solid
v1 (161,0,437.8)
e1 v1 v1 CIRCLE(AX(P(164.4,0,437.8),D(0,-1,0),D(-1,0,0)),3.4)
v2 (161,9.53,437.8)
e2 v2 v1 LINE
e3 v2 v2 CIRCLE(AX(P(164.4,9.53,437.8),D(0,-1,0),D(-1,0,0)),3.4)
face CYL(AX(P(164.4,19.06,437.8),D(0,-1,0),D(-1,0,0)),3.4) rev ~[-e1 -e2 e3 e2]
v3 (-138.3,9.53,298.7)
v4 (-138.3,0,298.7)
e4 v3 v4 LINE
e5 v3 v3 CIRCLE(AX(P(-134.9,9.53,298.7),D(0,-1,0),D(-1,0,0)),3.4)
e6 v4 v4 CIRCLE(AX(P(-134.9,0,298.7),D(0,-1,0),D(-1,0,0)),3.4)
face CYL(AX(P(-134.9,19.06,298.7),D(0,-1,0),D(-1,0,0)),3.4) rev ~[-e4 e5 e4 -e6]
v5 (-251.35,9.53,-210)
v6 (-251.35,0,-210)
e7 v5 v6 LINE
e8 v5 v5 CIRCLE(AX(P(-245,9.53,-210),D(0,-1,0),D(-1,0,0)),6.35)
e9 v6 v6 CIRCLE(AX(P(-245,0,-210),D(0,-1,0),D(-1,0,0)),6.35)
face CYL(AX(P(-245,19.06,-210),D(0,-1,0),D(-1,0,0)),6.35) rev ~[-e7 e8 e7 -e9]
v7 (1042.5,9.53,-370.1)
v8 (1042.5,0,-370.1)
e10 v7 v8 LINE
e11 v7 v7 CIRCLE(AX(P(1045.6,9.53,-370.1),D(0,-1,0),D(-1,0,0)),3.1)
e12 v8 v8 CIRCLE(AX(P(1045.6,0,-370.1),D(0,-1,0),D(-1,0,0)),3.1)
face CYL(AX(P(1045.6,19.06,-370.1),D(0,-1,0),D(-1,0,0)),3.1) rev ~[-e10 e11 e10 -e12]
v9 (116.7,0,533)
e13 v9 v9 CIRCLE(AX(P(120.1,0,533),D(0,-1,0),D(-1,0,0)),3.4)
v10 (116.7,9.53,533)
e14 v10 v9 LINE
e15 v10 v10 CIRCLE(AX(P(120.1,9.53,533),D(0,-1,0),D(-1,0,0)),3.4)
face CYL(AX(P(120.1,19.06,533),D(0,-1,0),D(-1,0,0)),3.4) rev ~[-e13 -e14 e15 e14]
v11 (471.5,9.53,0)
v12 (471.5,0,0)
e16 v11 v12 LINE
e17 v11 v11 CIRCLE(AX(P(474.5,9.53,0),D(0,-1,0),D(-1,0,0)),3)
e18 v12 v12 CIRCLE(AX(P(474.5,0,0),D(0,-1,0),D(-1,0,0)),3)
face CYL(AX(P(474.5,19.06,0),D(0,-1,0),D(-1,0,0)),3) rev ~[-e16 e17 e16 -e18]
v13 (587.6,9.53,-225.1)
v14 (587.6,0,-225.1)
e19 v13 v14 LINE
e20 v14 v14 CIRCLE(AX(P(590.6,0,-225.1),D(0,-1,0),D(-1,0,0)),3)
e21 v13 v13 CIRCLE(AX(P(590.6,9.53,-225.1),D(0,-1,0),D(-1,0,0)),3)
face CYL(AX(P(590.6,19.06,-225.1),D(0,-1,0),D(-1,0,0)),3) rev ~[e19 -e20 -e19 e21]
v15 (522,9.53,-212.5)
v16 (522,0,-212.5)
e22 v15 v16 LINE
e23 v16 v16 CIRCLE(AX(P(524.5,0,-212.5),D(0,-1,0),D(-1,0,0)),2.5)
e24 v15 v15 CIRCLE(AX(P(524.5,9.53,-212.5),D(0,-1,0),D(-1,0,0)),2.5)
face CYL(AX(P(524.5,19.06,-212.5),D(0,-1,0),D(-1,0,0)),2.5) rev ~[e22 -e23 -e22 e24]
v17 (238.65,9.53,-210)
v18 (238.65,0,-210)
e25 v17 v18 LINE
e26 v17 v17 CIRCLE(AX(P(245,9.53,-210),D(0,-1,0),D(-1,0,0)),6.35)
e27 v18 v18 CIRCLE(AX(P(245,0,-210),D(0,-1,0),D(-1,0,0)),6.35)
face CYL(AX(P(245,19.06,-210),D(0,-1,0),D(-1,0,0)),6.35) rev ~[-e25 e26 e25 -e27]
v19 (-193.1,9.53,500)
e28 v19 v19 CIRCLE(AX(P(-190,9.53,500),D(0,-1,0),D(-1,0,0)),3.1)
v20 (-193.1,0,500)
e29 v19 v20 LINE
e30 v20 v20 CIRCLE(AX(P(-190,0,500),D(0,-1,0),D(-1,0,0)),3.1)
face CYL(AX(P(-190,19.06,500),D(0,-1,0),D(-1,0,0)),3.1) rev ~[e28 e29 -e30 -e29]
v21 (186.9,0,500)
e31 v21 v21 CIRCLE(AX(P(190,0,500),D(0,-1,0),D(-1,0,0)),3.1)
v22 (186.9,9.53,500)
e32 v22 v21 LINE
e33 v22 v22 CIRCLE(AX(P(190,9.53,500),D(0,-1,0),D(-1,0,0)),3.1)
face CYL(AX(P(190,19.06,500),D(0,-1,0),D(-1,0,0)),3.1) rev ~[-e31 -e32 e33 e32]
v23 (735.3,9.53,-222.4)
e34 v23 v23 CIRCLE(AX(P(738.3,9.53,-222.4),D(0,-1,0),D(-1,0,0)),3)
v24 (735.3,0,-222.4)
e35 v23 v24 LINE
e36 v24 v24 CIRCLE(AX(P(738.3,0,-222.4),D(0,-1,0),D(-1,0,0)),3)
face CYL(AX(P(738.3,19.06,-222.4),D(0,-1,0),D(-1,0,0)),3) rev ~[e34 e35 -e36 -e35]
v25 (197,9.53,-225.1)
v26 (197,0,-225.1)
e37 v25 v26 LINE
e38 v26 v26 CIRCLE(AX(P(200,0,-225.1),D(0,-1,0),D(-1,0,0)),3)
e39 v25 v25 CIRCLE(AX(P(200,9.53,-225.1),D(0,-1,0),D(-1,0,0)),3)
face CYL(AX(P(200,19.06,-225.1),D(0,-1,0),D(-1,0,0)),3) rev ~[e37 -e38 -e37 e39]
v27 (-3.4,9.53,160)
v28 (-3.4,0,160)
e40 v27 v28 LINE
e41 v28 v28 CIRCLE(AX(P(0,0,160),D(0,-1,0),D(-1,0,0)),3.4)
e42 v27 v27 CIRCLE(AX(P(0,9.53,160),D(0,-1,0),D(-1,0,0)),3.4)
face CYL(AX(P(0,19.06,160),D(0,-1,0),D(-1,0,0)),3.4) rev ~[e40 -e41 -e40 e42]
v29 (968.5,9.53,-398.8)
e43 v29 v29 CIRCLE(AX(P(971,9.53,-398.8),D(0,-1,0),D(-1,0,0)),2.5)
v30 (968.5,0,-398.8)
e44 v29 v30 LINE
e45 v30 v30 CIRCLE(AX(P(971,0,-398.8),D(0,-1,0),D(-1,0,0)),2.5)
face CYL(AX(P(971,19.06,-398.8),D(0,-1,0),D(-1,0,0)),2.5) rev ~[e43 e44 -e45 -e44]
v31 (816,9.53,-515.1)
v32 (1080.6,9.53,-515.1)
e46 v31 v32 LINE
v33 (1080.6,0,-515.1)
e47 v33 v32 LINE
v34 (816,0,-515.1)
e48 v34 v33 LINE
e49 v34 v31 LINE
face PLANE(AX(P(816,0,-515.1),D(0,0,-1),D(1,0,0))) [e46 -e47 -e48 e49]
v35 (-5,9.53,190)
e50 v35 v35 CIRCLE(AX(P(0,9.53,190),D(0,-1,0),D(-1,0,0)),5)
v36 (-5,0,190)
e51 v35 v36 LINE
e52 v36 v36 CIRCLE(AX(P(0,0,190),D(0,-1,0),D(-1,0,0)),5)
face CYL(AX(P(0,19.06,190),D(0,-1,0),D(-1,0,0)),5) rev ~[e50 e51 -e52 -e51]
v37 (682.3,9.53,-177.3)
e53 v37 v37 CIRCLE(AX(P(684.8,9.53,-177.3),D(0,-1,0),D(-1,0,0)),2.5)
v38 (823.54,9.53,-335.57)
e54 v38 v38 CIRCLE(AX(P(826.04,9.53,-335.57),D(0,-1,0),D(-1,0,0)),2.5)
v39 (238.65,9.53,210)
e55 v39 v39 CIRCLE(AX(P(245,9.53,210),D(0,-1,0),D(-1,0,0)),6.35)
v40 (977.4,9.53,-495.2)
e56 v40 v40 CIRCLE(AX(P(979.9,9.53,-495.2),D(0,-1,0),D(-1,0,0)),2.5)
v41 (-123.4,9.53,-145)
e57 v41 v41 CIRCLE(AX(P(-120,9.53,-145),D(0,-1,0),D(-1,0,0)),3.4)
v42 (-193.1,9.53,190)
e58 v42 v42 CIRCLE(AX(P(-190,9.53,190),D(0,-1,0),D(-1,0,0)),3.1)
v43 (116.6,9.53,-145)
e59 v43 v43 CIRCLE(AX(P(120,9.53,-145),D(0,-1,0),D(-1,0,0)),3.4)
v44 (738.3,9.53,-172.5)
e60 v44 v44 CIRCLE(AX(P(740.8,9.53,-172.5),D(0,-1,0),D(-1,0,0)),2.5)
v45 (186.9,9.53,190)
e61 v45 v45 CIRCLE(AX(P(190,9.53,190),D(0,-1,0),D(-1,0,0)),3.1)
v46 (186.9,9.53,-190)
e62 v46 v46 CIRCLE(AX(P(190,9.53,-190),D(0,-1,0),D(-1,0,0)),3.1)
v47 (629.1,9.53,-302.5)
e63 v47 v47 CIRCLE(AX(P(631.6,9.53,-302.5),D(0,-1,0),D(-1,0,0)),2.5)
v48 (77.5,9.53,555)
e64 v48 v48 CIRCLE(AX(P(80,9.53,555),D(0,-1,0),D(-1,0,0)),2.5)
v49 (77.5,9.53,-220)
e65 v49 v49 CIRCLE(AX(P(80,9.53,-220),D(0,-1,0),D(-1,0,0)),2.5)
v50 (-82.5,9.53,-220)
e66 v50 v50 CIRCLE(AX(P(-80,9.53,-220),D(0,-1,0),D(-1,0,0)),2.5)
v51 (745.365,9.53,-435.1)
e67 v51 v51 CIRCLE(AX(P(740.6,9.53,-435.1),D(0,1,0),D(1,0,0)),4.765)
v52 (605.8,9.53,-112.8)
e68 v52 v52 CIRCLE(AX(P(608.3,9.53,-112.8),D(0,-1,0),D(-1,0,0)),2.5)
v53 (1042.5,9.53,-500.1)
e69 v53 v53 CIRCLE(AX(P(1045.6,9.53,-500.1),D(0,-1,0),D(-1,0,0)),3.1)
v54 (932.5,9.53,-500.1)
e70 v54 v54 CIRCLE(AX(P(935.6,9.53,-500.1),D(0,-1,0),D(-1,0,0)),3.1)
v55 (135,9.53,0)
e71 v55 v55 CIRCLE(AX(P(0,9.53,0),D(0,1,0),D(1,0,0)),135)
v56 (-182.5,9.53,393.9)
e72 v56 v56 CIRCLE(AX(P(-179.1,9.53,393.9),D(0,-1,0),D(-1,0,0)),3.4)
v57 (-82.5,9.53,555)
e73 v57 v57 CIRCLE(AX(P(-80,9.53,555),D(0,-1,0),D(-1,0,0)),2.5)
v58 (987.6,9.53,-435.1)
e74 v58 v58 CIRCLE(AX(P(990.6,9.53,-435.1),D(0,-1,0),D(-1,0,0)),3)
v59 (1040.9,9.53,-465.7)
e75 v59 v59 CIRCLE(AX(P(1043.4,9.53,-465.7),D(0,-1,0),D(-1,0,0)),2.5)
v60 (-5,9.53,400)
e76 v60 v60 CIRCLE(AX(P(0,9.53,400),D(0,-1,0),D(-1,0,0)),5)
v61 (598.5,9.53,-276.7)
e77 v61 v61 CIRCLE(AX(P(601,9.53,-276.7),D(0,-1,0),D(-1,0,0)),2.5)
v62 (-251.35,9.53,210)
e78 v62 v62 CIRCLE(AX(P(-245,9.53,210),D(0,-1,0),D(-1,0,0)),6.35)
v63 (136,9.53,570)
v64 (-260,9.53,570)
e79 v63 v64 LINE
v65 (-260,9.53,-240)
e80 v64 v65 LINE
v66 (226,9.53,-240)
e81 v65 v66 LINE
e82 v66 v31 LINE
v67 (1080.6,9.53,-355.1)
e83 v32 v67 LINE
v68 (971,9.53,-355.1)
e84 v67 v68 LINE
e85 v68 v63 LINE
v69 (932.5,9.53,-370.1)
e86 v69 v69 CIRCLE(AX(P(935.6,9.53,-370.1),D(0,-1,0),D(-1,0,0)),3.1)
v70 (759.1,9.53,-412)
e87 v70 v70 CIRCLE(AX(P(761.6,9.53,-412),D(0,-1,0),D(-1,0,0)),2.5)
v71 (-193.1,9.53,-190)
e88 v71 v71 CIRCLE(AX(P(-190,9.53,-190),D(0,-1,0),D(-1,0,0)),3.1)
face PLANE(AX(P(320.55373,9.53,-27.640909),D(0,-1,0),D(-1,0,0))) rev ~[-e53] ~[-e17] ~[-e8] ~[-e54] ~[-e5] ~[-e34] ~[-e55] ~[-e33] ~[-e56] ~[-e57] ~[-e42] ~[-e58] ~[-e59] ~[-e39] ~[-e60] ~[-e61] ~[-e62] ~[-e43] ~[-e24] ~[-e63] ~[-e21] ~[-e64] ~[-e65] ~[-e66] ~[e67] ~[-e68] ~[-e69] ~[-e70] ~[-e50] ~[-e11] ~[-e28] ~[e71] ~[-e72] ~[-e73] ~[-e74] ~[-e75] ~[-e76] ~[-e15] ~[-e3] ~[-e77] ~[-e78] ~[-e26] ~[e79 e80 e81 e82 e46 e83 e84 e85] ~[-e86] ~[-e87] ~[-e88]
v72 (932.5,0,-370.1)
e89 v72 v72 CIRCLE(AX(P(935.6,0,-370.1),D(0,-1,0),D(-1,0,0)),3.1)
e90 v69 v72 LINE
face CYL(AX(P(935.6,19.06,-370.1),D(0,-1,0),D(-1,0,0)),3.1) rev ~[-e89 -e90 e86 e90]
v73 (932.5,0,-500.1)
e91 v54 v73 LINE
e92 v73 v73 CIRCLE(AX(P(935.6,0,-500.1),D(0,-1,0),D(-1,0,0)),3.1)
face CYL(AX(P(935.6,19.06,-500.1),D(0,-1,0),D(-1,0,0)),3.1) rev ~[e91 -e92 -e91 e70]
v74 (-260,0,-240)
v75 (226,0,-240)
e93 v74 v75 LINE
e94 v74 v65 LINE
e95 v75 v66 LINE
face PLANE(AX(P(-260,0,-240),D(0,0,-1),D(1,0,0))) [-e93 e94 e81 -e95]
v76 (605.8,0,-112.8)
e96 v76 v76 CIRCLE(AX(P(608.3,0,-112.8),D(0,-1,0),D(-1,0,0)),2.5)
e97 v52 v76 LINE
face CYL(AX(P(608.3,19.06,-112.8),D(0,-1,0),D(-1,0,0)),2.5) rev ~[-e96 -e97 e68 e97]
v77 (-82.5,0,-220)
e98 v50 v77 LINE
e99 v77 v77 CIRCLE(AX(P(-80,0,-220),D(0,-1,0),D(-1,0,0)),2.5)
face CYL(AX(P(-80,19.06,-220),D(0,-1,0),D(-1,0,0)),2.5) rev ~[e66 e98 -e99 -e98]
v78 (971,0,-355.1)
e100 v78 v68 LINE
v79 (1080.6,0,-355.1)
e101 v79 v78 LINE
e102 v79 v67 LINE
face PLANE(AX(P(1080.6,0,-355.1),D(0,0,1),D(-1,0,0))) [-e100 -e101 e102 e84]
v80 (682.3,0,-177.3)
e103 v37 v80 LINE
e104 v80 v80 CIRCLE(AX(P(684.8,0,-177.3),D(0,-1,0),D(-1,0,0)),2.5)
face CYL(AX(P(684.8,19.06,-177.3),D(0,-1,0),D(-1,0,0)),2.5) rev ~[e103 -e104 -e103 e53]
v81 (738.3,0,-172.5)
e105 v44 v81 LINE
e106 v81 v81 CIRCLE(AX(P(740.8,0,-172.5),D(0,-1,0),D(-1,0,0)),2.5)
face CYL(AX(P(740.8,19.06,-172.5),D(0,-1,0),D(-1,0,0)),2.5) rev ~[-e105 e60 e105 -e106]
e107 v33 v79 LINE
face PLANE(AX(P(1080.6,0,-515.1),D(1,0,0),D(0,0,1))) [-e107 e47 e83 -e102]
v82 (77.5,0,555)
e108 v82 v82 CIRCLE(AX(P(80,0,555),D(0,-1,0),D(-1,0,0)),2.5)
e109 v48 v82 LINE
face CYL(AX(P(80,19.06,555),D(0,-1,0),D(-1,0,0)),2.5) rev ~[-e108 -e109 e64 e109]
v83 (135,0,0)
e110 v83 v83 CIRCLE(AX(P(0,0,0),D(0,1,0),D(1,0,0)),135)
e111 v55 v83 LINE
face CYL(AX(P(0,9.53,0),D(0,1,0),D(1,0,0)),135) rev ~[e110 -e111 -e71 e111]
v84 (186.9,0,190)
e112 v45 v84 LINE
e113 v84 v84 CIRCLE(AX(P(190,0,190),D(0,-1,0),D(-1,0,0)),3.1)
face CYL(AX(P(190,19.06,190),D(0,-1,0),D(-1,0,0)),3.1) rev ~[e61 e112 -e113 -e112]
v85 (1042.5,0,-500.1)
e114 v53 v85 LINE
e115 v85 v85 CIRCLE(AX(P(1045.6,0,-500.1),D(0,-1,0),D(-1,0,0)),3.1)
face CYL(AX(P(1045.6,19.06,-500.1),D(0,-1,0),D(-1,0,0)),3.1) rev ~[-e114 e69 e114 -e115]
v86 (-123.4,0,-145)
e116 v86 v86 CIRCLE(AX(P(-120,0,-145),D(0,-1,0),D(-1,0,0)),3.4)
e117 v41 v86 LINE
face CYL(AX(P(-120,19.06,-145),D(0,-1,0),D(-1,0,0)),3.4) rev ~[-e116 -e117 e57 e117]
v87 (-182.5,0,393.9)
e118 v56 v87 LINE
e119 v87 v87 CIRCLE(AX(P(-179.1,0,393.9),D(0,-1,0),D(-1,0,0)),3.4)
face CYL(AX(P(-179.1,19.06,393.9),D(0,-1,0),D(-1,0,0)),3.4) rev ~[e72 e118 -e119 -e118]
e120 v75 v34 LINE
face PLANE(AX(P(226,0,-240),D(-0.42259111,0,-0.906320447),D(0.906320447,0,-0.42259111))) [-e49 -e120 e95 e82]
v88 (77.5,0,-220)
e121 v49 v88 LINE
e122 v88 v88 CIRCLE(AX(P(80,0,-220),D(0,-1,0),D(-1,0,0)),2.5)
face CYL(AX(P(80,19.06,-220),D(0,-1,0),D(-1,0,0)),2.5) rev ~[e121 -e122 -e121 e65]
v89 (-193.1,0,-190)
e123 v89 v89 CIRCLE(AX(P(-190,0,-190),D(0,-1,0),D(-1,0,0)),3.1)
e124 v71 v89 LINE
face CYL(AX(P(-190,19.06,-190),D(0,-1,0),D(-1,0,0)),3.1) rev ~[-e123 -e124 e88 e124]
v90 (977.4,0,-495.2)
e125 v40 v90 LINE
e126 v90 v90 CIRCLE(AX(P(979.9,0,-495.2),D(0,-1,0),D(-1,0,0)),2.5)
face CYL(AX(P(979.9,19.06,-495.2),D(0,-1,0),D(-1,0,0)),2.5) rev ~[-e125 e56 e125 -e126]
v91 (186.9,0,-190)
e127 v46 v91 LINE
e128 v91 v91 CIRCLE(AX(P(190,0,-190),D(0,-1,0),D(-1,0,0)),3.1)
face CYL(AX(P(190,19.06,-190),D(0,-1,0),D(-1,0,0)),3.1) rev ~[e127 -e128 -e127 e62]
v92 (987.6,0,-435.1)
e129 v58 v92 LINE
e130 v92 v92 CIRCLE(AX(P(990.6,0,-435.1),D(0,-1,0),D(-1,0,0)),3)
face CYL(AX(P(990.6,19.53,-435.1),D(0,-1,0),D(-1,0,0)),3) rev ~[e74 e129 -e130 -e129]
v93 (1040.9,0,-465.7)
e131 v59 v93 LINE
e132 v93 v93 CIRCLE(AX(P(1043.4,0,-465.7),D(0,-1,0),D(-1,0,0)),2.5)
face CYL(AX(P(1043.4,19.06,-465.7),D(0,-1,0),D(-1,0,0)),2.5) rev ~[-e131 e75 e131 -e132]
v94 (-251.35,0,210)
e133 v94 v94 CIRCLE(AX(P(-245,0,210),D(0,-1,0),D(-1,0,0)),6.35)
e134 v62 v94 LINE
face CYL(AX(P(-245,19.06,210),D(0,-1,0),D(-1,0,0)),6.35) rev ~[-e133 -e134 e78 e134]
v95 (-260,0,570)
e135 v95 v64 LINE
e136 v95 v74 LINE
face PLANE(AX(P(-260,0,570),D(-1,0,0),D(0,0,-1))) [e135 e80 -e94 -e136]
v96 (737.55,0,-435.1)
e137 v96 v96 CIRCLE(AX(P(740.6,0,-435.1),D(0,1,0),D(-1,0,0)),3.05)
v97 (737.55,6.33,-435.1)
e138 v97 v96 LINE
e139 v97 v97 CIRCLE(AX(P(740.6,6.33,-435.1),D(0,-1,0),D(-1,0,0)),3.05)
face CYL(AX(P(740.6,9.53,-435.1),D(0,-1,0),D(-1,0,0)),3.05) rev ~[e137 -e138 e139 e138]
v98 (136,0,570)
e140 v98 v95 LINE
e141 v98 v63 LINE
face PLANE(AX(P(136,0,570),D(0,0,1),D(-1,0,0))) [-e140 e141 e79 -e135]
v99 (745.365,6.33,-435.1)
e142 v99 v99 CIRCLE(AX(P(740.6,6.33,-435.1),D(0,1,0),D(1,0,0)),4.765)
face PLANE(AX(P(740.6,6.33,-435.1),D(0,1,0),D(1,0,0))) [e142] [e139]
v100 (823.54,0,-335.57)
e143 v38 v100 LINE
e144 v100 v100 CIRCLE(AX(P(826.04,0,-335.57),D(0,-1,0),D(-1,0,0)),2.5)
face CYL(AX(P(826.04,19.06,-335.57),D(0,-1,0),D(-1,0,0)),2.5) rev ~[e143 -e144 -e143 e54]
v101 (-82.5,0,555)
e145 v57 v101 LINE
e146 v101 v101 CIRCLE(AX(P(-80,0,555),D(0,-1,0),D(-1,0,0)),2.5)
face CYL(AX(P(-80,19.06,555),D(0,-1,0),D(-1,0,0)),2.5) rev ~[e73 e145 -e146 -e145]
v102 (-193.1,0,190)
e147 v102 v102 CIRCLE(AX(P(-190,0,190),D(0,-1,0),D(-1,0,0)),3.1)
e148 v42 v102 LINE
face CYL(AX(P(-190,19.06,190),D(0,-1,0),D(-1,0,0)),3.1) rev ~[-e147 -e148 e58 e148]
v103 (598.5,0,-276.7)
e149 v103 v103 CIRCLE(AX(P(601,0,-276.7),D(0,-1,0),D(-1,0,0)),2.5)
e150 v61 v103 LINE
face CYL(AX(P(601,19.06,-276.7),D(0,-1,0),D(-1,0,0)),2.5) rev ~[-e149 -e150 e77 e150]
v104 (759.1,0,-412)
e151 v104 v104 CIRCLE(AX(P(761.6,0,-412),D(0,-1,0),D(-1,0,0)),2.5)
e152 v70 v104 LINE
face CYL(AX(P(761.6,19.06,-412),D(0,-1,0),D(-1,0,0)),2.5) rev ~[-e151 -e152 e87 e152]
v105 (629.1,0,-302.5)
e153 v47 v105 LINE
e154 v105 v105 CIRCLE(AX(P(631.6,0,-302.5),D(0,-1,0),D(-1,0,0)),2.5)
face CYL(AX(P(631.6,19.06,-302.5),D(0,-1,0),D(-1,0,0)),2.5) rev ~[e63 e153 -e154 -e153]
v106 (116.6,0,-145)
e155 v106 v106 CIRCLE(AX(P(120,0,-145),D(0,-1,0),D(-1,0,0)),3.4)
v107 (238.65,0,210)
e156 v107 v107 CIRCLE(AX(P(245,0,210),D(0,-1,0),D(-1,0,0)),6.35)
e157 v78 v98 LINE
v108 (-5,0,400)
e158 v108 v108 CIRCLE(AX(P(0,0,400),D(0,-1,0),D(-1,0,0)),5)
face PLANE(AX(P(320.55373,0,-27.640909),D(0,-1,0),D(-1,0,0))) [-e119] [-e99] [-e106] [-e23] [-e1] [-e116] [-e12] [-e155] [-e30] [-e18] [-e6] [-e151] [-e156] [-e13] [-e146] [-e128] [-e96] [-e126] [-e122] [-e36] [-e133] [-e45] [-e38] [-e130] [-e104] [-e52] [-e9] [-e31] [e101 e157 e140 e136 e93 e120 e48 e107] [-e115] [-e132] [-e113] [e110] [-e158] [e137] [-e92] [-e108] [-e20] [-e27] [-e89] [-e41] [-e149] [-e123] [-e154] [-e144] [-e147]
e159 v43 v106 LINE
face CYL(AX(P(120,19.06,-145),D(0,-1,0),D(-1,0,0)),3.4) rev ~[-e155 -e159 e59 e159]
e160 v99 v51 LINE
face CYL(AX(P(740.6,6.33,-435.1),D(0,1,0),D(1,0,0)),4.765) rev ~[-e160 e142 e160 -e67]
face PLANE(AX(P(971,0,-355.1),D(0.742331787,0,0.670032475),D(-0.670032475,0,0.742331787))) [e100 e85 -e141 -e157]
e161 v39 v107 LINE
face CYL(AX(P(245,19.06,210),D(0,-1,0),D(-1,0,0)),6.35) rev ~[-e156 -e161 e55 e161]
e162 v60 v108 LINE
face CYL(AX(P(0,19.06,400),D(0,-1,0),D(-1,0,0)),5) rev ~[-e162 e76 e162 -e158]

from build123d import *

# Parameters (mm, degrees)
PLATE_OUTLITE_BOSS_EXTRUDE_DEPTH                  = 9.53
BEAM_CLEARANCE_HOLE_REACH                         = 11.53
SKETCH2_R                                         = 135
A_6_2_6_2_DIAMETER_HOLE_D                         = 6.2
A_6_2_6_2_DIAMETER_HOLE_DEPTH                     = 9.53
B_TAP_DRILL_FOR_M6X1_0_TAP_D                      = 5
B_TAP_DRILL_FOR_M6X1_0_TAP_DEPTH                  = 9.53
C_12_5_12_5_DIAMETER_HOLE_D                       = 12.7
C_12_5_12_5_DIAMETER_HOLE_DEPTH                   = 9.53
E_6_2_6_2_DIAMETER_HOLE_D                         = 6.2
E_6_2_6_2_DIAMETER_HOLE_DEPTH                     = 9.53
F_TAP_DRILL_FOR_M8X1_25_TAP_D                     = 6.8
F_TAP_DRILL_FOR_M8X1_25_TAP_DEPTH                 = 9.53
J_6_0_6_DIAMETER_HOLE_D                           = 6
J_6_0_6_DIAMETER_HOLE_DEPTH                       = 9.53
K_10_0_10_DIAMETER_HOLE_D                         = 10
K_10_0_10_DIAMETER_HOLE_DEPTH                     = 9.53
L_6_1MM_HOLE_9_53MM_C_BORE_3_2MM_DEEP_D           = 6.1
L_6_1MM_HOLE_9_53MM_C_BORE_3_2MM_DEEP_DEPTH       = 9.53
L_6_1MM_HOLE_9_53MM_C_BORE_3_2MM_DEEP_CBORE_D     = 9.53
L_6_1MM_HOLE_9_53MM_C_BORE_3_2MM_DEEP_CBORE_DEPTH = 3.2
L_6_1MM_HOLE_9_53MM_C_BORE_3_2MM_DEEP_TIP         = 1.832624888
M_6_0_6_DIAMETER_HOLE_D                           = 6
M_6_0_6_DIAMETER_HOLE_DEPTH                       = 10
M_6_0_6_DIAMETER_HOLE_TIP                         = 1.802581857


with BuildPart() as part:
    # Sketch1 → Plate Outlite - Boss-Extrude (new body)
    with BuildSketch(Plane(origin=(0, 0, 0), x_dir=(1, 0, 0), z_dir=(0, 1, 0))):
        Polygon((-260, 240), (226, 240), (816, 515.1), (1080.6, 515.1), (1080.6, 355.1), (971, 355.1), (136, -570), (-260, -570), align=None)
    extrude(amount=PLATE_OUTLITE_BOSS_EXTRUDE_DEPTH)

    # Sketch2 → Beam Clearance Hole (cut, up to next)
    with BuildSketch(Plane(origin=(0, 9.53, 0), x_dir=(1, 0, 0), z_dir=(0, 1, 0)), mode=Mode.PRIVATE) as beam_clearance_hole_sk1:
        Circle(SKETCH2_R)
    beam_clearance_hole_tool1 = extrude(beam_clearance_hole_sk1.sketch, amount=-BEAM_CLEARANCE_HOLE_REACH, mode=Mode.PRIVATE) & part.part
    add(beam_clearance_hole_tool1.solids().sort_by_distance((0, 9.53, 0))[0], mode=Mode.SUBTRACT)

    # A - Ø6.2 (6.2) Diameter Hole
    with Locations(Plane(origin=(0, 9.53, 0), x_dir=(1, 0, 0), z_dir=(0, 1, 0))):
        with Locations((-190, 190), (190, 190), (190, -190), (-190, -190), (-190, -500), (190, -500)):
            Hole(A_6_2_6_2_DIAMETER_HOLE_D / 2, depth=A_6_2_6_2_DIAMETER_HOLE_DEPTH)

    # B - Tap Drill for M6x1.0 Tap
    with Locations(Plane(origin=(0, 9.53, 0), x_dir=(1, 0, 0), z_dir=(0, 1, 0))):
        with Locations((-80, 220), (80, 220), (524.5, 212.5), (979.9, 495.2), (1043.4, 465.7), (971, 398.8), (761.6, 412), (826.04, 335.57), (684.8, 177.3), (601, 276.7), (608.3, 112.8), (80, -555), (-80, -555), (740.8, 172.5), (631.6, 302.5)):
            Hole(B_TAP_DRILL_FOR_M6X1_0_TAP_D / 2, depth=B_TAP_DRILL_FOR_M6X1_0_TAP_DEPTH)

    # C - Ø12.5 (12.5) Diameter Hole
    with Locations(Plane(origin=(0, 9.53, 0), x_dir=(1, 0, 0), z_dir=(0, 1, 0))):
        with Locations((-245, 210), (-245, -210), (245, -210), (245, 210)):
            Hole(C_12_5_12_5_DIAMETER_HOLE_D / 2, depth=C_12_5_12_5_DIAMETER_HOLE_DEPTH)

    # E - Ø6.2 (6.2) Diameter Hole
    with Locations(Plane(origin=(0, 9.53, 0), x_dir=(1, 0, 0), z_dir=(0, 1, 0))):
        with Locations((935.6, 500.1), (1045.6, 500.1), (1045.6, 370.1), (935.6, 370.1)):
            Hole(E_6_2_6_2_DIAMETER_HOLE_D / 2, depth=E_6_2_6_2_DIAMETER_HOLE_DEPTH)

    # F - Tap Drill for M8x1.25 Tap
    with Locations(Plane(origin=(0, 9.53, 0), x_dir=(1, 0, 0), z_dir=(0, 1, 0))):
        with Locations((-120, 145), (120, 145), (0, -160), (-134.9, -298.7), (-179.1, -393.9), (120.1, -533), (164.4, -437.8)):
            Hole(F_TAP_DRILL_FOR_M8X1_25_TAP_D / 2, depth=F_TAP_DRILL_FOR_M8X1_25_TAP_DEPTH)

    # J - Ø6.0 (6) Diameter Hole
    with Locations(Plane(origin=(0, 9.53, 0), x_dir=(1, 0, 0), z_dir=(0, 1, 0))):
        with Locations((200, 225.1), (474.5, 0), (738.3, 222.4), (590.6, 225.1)):
            Hole(J_6_0_6_DIAMETER_HOLE_D / 2, depth=J_6_0_6_DIAMETER_HOLE_DEPTH)

    # K - Ø10.0 (10) Diameter Hole
    with Locations(Plane(origin=(0, 9.53, 0), x_dir=(1, 0, 0), z_dir=(0, 1, 0))):
        with Locations((0, -190), (0, -400)):
            Hole(K_10_0_10_DIAMETER_HOLE_D / 2, depth=K_10_0_10_DIAMETER_HOLE_DEPTH)

    # L - 6.1mm Hole, 9.53mm C-bore 3.2mm deep
    with Locations(Plane(origin=(0, 9.53, 0), x_dir=(1, 0, 0), z_dir=(0, 1, 0))):
        with Locations((740.6, 435.1)):
            CounterBoreHole(L_6_1MM_HOLE_9_53MM_C_BORE_3_2MM_DEEP_D / 2, L_6_1MM_HOLE_9_53MM_C_BORE_3_2MM_DEEP_CBORE_D / 2, L_6_1MM_HOLE_9_53MM_C_BORE_3_2MM_DEEP_CBORE_DEPTH, depth=L_6_1MM_HOLE_9_53MM_C_BORE_3_2MM_DEEP_DEPTH)
            with Locations((0, 0, -(L_6_1MM_HOLE_9_53MM_C_BORE_3_2MM_DEEP_DEPTH + L_6_1MM_HOLE_9_53MM_C_BORE_3_2MM_DEEP_TIP / 2))):  # 118° drill point
                Cone(0, L_6_1MM_HOLE_9_53MM_C_BORE_3_2MM_DEEP_D / 2, L_6_1MM_HOLE_9_53MM_C_BORE_3_2MM_DEEP_TIP, mode=Mode.SUBTRACT)

    # M - Ø6.0 (6) Diameter Hole
    with Locations(Plane(origin=(0, 9.53, 0), x_dir=(1, 0, 0), z_dir=(0, 1, 0))):
        with Locations((990.6, 435.1)):
            Hole(M_6_0_6_DIAMETER_HOLE_D / 2, depth=M_6_0_6_DIAMETER_HOLE_DEPTH)
            with Locations((0, 0, -(M_6_0_6_DIAMETER_HOLE_DEPTH + M_6_0_6_DIAMETER_HOLE_TIP / 2))):  # 118° drill point
                Cone(0, M_6_0_6_DIAMETER_HOLE_D / 2, M_6_0_6_DIAMETER_HOLE_TIP, mode=Mode.SUBTRACT)


solid = part.part
